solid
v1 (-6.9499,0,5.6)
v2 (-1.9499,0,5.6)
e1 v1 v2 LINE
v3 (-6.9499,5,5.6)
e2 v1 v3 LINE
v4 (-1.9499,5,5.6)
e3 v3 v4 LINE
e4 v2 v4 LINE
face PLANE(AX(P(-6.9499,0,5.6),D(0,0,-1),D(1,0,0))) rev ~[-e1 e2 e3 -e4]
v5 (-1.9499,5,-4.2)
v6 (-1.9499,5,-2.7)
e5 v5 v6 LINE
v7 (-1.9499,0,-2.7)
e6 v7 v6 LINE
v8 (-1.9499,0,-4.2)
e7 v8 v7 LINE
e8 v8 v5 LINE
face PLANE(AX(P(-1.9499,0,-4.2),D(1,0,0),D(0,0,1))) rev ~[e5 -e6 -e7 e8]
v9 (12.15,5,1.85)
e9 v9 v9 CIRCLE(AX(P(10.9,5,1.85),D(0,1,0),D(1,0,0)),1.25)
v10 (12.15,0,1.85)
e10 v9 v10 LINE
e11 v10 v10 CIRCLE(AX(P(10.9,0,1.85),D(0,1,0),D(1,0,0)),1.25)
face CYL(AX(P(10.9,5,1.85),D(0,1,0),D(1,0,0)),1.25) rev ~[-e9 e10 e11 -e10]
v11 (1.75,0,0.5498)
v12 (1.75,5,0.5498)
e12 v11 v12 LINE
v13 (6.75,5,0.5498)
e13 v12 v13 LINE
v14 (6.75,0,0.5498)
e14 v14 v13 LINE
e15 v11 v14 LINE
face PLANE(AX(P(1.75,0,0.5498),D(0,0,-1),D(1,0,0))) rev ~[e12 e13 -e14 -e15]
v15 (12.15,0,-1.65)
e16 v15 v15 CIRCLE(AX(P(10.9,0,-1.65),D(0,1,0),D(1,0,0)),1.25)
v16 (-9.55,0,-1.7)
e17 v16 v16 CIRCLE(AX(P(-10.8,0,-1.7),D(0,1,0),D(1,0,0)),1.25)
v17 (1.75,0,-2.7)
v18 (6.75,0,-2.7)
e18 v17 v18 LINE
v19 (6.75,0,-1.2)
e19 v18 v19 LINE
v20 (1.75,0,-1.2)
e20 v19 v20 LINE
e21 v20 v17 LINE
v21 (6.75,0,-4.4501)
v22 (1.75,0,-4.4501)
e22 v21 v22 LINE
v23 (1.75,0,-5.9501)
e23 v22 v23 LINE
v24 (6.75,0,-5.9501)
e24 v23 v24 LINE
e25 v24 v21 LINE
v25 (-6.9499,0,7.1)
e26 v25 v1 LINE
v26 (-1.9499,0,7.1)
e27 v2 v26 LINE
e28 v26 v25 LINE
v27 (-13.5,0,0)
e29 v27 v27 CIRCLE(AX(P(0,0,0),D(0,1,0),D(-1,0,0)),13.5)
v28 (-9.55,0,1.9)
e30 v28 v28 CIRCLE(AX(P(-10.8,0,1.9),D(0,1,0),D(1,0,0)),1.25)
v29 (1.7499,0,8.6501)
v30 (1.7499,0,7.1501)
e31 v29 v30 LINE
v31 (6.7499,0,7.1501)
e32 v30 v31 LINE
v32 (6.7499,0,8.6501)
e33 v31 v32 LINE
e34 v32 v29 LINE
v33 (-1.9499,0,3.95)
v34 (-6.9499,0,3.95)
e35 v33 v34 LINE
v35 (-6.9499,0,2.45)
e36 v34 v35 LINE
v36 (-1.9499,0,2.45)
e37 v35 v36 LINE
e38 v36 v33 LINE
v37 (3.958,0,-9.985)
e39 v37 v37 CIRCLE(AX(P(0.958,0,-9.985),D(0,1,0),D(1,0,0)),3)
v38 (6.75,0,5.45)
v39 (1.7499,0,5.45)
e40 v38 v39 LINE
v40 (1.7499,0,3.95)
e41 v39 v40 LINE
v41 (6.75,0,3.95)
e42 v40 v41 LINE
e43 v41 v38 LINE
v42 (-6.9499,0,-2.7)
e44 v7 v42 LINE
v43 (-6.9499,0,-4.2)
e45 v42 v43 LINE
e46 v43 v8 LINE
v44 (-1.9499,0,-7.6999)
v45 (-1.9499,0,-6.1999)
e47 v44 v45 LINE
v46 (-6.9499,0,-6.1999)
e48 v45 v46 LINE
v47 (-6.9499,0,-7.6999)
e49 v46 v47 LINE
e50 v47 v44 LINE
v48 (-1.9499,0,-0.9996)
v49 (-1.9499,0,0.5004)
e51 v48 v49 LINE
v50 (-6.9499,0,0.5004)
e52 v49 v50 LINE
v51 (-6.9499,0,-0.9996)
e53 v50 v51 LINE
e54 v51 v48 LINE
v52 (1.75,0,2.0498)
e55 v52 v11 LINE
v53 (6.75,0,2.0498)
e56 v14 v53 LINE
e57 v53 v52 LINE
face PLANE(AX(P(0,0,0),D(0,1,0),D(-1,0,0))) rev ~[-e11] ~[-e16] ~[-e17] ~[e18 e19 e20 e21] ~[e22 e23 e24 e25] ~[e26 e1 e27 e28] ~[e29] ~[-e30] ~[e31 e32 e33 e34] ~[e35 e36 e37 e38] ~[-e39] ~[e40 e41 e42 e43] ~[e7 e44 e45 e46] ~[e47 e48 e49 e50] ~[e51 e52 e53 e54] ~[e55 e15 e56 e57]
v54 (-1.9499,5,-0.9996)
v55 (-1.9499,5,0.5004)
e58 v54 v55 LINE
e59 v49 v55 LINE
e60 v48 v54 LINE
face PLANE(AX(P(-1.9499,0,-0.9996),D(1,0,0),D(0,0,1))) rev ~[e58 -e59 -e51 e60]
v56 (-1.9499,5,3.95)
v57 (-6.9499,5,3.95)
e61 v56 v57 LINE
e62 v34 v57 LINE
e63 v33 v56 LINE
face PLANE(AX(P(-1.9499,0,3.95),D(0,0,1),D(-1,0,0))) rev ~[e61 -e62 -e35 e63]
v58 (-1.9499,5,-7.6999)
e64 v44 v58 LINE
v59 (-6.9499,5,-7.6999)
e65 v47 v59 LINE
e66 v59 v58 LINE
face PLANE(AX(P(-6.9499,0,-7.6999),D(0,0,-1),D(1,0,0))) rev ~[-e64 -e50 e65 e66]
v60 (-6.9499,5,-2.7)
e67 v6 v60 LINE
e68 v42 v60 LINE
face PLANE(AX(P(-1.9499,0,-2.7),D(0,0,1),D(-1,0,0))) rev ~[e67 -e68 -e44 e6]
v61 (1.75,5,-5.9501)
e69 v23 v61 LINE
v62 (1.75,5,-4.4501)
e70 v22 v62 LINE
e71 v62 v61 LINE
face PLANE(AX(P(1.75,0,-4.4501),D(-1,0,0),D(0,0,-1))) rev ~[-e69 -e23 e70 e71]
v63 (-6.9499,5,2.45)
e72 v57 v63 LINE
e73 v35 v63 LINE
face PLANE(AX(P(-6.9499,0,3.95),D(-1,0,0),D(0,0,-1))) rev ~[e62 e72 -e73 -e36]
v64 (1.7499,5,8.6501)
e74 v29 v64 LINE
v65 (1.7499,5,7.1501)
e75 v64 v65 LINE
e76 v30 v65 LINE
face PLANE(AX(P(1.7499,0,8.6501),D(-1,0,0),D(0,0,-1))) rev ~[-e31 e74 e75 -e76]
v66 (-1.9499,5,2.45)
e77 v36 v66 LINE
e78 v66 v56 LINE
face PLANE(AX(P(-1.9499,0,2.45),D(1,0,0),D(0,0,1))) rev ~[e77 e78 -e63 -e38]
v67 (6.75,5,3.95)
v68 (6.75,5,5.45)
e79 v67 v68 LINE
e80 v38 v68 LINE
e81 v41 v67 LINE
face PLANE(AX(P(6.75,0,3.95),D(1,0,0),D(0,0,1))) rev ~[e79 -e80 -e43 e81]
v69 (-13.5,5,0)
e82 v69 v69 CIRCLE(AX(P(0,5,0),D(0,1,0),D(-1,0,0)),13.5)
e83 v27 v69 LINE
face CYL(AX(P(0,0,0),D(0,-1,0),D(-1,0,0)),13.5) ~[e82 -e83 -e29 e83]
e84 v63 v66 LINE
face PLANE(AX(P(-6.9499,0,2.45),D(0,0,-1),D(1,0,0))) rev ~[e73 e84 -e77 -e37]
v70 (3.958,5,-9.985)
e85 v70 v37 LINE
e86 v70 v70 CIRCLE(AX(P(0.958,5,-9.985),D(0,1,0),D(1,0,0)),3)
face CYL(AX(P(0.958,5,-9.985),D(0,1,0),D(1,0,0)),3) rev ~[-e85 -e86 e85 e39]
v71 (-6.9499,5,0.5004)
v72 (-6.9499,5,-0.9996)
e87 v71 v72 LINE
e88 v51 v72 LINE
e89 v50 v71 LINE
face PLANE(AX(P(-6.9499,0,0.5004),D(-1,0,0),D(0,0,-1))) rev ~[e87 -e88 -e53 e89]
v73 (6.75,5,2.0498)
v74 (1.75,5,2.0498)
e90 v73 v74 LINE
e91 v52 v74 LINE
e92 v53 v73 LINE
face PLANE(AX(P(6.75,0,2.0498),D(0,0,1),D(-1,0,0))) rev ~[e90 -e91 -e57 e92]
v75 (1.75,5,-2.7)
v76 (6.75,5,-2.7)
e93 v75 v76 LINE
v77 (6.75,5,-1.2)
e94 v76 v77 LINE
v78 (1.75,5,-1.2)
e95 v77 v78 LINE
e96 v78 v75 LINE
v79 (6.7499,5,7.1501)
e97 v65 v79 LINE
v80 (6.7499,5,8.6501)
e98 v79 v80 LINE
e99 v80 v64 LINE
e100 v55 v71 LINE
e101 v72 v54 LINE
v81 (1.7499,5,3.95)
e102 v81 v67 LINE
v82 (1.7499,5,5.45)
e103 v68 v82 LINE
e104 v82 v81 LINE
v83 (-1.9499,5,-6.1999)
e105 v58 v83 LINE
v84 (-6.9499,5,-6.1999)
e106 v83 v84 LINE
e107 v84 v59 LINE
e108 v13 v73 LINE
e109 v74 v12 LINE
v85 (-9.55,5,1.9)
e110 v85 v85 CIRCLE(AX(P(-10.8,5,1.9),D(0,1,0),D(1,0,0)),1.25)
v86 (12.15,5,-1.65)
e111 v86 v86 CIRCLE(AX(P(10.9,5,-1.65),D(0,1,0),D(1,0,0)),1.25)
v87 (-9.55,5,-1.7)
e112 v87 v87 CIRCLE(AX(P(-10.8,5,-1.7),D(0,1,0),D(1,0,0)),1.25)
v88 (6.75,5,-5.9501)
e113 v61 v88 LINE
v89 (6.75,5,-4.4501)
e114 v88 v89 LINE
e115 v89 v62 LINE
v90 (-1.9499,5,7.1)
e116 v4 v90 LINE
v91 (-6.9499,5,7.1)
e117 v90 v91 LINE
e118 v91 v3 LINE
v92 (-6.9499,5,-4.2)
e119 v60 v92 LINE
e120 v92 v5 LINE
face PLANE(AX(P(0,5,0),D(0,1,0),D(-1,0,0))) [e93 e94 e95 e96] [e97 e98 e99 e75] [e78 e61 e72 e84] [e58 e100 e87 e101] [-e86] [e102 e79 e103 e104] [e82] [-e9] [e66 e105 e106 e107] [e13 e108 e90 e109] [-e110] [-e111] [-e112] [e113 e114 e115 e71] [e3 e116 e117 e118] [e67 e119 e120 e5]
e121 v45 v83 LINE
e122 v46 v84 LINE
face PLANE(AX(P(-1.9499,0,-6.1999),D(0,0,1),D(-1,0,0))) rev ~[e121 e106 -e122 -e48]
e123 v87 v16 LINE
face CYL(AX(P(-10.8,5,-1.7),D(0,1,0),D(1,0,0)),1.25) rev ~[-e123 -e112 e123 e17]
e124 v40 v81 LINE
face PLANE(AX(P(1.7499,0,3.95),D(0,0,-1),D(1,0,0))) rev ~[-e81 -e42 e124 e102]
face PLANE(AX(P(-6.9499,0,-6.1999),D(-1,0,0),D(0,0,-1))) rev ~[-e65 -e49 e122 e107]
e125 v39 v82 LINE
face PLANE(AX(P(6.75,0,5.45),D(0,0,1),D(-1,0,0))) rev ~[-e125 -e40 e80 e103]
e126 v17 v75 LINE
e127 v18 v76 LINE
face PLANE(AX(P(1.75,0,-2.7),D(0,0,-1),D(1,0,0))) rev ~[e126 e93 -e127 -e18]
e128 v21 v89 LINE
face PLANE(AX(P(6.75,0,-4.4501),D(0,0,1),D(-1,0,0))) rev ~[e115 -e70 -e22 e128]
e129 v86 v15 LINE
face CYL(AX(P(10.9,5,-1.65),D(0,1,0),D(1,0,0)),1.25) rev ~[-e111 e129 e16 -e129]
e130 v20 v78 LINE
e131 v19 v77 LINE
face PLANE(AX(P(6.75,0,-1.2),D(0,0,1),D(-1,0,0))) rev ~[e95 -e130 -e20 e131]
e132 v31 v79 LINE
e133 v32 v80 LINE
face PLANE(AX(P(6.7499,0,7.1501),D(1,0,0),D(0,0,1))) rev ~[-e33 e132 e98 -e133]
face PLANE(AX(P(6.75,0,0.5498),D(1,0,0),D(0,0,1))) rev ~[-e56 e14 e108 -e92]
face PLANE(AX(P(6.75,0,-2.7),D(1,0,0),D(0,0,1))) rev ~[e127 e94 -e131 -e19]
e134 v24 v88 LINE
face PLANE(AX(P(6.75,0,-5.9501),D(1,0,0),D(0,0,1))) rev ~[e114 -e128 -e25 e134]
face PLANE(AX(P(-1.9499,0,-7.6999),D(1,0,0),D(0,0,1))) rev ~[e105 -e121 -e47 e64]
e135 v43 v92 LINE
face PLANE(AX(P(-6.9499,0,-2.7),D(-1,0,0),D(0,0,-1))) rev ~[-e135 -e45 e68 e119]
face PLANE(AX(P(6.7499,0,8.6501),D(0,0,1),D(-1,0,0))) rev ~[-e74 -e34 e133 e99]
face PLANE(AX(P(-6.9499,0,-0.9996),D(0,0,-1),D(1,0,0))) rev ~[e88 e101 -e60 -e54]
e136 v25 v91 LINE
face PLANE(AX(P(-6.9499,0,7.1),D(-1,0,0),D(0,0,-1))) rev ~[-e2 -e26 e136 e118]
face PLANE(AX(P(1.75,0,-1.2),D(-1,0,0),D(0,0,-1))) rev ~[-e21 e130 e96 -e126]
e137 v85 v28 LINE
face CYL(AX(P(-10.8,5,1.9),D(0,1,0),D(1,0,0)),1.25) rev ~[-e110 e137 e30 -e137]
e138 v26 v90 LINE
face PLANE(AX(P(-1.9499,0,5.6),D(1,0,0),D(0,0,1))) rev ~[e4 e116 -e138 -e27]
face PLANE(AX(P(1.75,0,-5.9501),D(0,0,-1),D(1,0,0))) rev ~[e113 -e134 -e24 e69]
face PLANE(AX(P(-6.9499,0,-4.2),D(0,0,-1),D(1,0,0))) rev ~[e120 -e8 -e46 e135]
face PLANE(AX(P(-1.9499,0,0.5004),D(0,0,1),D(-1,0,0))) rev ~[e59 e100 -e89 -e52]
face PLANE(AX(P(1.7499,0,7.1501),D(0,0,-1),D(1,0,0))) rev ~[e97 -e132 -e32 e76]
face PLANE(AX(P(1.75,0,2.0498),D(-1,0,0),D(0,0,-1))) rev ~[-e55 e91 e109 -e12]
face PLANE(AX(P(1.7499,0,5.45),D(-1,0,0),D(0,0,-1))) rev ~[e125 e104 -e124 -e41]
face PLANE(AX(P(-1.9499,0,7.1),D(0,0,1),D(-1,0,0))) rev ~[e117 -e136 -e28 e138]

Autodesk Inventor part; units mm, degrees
ref_plane "YZ Plane" through (0, 0, 0) normal (1, 0, 0) x (0, 1, 0)
ref_plane "XZ Plane" through (0, 0, 0) normal (0, 1, 0) x (-1, 0, 0)
ref_plane "XY Plane" through (0, 0, 0) normal (0, 0, 1) x (1, 0, 0)
sketch "Sketch3" plane through (0, 0, 0) normal (0, 1, 0) x (-1, 0, 0)
  circle A0 centre (0, 0) radius 13.5
  line L0 (-6.7499, 8.6501) -> (-1.7499, 8.6501)
  line L1 (-1.7499, 8.6501) -> (-1.7499, 7.1501)
  line L2 (-1.7499, 7.1501) -> (-6.7499, 7.1501)
  line L3 (-6.7499, 7.1501) -> (-6.7499, 8.6501)
  line L4 (-6.75, 5.45) -> (-1.7499, 5.45)
  line L5 (-1.7499, 5.45) -> (-1.7499, 3.95)
  line L6 (-1.7499, 3.95) -> (-6.75, 3.95)
  line L7 (-6.75, 3.95) -> (-6.75, 5.45)
  line L8 (-6.75, 2.0498) -> (-1.75, 2.0498)
  line L9 (-1.75, 2.0498) -> (-1.75, 0.5498)
  line L10 (-1.75, 0.5498) -> (-6.75, 0.5498)
  line L11 (-6.75, 0.5498) -> (-6.75, 2.0498)
  line L12 (-6.75, -1.2) -> (-1.75, -1.2)
  line L13 (-1.75, -1.2) -> (-1.75, -2.7)
  line L14 (-1.75, -2.7) -> (-6.75, -2.7)
  line L15 (-6.75, -2.7) -> (-6.75, -1.2)
  line L16 (-6.75, -4.4501) -> (-1.75, -4.4501)
  line L17 (-1.75, -4.4501) -> (-1.75, -5.9501)
  line L18 (-1.75, -5.9501) -> (-6.75, -5.9501)
  line L19 (-6.75, -5.9501) -> (-6.75, -4.4501)
  line L20 (1.9499, 7.1) -> (6.9499, 7.1)
  line L21 (6.9499, 7.1) -> (6.9499, 5.6)
  line L22 (6.9499, 5.6) -> (1.9499, 5.6)
  line L23 (1.9499, 5.6) -> (1.9499, 7.1)
  line L24 (1.9499, 3.95) -> (6.9499, 3.95)
  line L25 (6.9499, 3.95) -> (6.9499, 2.45)
  line L26 (6.9499, 2.45) -> (1.9499, 2.45)
  line L27 (1.9499, 2.45) -> (1.9499, 3.95)
  line L28 (1.9499, 0.5004) -> (6.9499, 0.5004)
  line L29 (6.9499, 0.5004) -> (6.9499, -0.9996)
  line L30 (6.9499, -0.9996) -> (1.9499, -0.9996)
  line L31 (1.9499, -0.9996) -> (1.9499, 0.5004)
  line L32 (1.9499, -2.7) -> (6.9499, -2.7)
  line L33 (6.9499, -2.7) -> (6.9499, -4.2)
  line L34 (6.9499, -4.2) -> (1.9499, -4.2)
  line L35 (1.9499, -4.2) -> (1.9499, -2.7)
  line L36 (1.9499, -6.1999) -> (6.9499, -6.1999)
  line L37 (6.9499, -6.1999) -> (6.9499, -7.6999)
  line L38 (6.9499, -7.6999) -> (1.9499, -7.6999)
  line L39 (1.9499, -7.6999) -> (1.9499, -6.1999)
  point P0 (-6.7499, 7.9001)
  point P1 (-6.75, 4.7)
  point P2 (-5.95, -5.2001)
  dimension "d3" = 27
  dimension "d4" = 5
  dimension "d5" = 1.5
  dimension "d6" = 1.5
  dimension "d7" = 5
  dimension "d8" = 1.5
  dimension "d9" = 5
  dimension "d10" = 1.5
  dimension "d11" = 5
  dimension "d12" = 1.5
  dimension "d13" = 0.8
  dimension "d14" = 5
  dimension "d15" = 1.5
  dimension "d16" = 5
  dimension "d17" = 1.5
  dimension "d18" = 5
  dimension "d19" = 1.5
  dimension "d20" = 5
  dimension "d21" = 1.5
  dimension "d22" = 1.5
extrude "Extrusion1" add sketch "Sketch3" along normal blind 5
sketch "Sketch4" plane through (0, 5, 0) normal (0, 1, 0) x (1, 0, 0)
  circle A0 centre (-10.8, -1.9) radius 0.75
  circle A1 centre (-10.8, 1.7) radius 0.75
  circle A2 centre (10.9, -1.85) radius 0.75
  circle A3 centre (10.9, 1.65) radius 0.75
  circle A4 centre (0.958, 9.985) radius 3
  point P0 (0, 0)
  dimension "d25" = 1.5
  dimension "d26" = 1.5
  dimension "d27" = 1.5
  dimension "d28" = 1.5
  dimension "d29" = 6
extrude "Extrusion2" cut sketch "Sketch4" against normal blind 5
sketch "Sketch5" plane through (0, 5, 0) normal (0, 1, 0) x (1, 0, 0)
  circle A0 centre (-10.8, -1.9) radius 0.75 projected
  circle A1 centre (-10.8, -1.9) radius 1.25
  circle A2 centre (-10.8, 1.7) radius 0.75 projected
  circle A3 centre (-10.8, 1.7) radius 1.25
  circle A4 centre (10.9, -1.85) radius 0.75 projected
  circle A5 centre (10.9, -1.85) radius 1.25
  circle A6 centre (10.9, 1.65) radius 0.75 projected
  circle A7 centre (10.9, 1.65) radius 1.25
  point P0 (0, 0)
  dimension "d33" = 2.5
  dimension "d34" = 2.5
  dimension "d35" = 2.5
  dimension "d36" = 2.5
extrude "Extrusion3" cut sketch "Sketch5" against normal blind 5 contours A0 | A1 | A2 | A3 | A4 | A5 | A6 | A7
properties part number "Seperator"
